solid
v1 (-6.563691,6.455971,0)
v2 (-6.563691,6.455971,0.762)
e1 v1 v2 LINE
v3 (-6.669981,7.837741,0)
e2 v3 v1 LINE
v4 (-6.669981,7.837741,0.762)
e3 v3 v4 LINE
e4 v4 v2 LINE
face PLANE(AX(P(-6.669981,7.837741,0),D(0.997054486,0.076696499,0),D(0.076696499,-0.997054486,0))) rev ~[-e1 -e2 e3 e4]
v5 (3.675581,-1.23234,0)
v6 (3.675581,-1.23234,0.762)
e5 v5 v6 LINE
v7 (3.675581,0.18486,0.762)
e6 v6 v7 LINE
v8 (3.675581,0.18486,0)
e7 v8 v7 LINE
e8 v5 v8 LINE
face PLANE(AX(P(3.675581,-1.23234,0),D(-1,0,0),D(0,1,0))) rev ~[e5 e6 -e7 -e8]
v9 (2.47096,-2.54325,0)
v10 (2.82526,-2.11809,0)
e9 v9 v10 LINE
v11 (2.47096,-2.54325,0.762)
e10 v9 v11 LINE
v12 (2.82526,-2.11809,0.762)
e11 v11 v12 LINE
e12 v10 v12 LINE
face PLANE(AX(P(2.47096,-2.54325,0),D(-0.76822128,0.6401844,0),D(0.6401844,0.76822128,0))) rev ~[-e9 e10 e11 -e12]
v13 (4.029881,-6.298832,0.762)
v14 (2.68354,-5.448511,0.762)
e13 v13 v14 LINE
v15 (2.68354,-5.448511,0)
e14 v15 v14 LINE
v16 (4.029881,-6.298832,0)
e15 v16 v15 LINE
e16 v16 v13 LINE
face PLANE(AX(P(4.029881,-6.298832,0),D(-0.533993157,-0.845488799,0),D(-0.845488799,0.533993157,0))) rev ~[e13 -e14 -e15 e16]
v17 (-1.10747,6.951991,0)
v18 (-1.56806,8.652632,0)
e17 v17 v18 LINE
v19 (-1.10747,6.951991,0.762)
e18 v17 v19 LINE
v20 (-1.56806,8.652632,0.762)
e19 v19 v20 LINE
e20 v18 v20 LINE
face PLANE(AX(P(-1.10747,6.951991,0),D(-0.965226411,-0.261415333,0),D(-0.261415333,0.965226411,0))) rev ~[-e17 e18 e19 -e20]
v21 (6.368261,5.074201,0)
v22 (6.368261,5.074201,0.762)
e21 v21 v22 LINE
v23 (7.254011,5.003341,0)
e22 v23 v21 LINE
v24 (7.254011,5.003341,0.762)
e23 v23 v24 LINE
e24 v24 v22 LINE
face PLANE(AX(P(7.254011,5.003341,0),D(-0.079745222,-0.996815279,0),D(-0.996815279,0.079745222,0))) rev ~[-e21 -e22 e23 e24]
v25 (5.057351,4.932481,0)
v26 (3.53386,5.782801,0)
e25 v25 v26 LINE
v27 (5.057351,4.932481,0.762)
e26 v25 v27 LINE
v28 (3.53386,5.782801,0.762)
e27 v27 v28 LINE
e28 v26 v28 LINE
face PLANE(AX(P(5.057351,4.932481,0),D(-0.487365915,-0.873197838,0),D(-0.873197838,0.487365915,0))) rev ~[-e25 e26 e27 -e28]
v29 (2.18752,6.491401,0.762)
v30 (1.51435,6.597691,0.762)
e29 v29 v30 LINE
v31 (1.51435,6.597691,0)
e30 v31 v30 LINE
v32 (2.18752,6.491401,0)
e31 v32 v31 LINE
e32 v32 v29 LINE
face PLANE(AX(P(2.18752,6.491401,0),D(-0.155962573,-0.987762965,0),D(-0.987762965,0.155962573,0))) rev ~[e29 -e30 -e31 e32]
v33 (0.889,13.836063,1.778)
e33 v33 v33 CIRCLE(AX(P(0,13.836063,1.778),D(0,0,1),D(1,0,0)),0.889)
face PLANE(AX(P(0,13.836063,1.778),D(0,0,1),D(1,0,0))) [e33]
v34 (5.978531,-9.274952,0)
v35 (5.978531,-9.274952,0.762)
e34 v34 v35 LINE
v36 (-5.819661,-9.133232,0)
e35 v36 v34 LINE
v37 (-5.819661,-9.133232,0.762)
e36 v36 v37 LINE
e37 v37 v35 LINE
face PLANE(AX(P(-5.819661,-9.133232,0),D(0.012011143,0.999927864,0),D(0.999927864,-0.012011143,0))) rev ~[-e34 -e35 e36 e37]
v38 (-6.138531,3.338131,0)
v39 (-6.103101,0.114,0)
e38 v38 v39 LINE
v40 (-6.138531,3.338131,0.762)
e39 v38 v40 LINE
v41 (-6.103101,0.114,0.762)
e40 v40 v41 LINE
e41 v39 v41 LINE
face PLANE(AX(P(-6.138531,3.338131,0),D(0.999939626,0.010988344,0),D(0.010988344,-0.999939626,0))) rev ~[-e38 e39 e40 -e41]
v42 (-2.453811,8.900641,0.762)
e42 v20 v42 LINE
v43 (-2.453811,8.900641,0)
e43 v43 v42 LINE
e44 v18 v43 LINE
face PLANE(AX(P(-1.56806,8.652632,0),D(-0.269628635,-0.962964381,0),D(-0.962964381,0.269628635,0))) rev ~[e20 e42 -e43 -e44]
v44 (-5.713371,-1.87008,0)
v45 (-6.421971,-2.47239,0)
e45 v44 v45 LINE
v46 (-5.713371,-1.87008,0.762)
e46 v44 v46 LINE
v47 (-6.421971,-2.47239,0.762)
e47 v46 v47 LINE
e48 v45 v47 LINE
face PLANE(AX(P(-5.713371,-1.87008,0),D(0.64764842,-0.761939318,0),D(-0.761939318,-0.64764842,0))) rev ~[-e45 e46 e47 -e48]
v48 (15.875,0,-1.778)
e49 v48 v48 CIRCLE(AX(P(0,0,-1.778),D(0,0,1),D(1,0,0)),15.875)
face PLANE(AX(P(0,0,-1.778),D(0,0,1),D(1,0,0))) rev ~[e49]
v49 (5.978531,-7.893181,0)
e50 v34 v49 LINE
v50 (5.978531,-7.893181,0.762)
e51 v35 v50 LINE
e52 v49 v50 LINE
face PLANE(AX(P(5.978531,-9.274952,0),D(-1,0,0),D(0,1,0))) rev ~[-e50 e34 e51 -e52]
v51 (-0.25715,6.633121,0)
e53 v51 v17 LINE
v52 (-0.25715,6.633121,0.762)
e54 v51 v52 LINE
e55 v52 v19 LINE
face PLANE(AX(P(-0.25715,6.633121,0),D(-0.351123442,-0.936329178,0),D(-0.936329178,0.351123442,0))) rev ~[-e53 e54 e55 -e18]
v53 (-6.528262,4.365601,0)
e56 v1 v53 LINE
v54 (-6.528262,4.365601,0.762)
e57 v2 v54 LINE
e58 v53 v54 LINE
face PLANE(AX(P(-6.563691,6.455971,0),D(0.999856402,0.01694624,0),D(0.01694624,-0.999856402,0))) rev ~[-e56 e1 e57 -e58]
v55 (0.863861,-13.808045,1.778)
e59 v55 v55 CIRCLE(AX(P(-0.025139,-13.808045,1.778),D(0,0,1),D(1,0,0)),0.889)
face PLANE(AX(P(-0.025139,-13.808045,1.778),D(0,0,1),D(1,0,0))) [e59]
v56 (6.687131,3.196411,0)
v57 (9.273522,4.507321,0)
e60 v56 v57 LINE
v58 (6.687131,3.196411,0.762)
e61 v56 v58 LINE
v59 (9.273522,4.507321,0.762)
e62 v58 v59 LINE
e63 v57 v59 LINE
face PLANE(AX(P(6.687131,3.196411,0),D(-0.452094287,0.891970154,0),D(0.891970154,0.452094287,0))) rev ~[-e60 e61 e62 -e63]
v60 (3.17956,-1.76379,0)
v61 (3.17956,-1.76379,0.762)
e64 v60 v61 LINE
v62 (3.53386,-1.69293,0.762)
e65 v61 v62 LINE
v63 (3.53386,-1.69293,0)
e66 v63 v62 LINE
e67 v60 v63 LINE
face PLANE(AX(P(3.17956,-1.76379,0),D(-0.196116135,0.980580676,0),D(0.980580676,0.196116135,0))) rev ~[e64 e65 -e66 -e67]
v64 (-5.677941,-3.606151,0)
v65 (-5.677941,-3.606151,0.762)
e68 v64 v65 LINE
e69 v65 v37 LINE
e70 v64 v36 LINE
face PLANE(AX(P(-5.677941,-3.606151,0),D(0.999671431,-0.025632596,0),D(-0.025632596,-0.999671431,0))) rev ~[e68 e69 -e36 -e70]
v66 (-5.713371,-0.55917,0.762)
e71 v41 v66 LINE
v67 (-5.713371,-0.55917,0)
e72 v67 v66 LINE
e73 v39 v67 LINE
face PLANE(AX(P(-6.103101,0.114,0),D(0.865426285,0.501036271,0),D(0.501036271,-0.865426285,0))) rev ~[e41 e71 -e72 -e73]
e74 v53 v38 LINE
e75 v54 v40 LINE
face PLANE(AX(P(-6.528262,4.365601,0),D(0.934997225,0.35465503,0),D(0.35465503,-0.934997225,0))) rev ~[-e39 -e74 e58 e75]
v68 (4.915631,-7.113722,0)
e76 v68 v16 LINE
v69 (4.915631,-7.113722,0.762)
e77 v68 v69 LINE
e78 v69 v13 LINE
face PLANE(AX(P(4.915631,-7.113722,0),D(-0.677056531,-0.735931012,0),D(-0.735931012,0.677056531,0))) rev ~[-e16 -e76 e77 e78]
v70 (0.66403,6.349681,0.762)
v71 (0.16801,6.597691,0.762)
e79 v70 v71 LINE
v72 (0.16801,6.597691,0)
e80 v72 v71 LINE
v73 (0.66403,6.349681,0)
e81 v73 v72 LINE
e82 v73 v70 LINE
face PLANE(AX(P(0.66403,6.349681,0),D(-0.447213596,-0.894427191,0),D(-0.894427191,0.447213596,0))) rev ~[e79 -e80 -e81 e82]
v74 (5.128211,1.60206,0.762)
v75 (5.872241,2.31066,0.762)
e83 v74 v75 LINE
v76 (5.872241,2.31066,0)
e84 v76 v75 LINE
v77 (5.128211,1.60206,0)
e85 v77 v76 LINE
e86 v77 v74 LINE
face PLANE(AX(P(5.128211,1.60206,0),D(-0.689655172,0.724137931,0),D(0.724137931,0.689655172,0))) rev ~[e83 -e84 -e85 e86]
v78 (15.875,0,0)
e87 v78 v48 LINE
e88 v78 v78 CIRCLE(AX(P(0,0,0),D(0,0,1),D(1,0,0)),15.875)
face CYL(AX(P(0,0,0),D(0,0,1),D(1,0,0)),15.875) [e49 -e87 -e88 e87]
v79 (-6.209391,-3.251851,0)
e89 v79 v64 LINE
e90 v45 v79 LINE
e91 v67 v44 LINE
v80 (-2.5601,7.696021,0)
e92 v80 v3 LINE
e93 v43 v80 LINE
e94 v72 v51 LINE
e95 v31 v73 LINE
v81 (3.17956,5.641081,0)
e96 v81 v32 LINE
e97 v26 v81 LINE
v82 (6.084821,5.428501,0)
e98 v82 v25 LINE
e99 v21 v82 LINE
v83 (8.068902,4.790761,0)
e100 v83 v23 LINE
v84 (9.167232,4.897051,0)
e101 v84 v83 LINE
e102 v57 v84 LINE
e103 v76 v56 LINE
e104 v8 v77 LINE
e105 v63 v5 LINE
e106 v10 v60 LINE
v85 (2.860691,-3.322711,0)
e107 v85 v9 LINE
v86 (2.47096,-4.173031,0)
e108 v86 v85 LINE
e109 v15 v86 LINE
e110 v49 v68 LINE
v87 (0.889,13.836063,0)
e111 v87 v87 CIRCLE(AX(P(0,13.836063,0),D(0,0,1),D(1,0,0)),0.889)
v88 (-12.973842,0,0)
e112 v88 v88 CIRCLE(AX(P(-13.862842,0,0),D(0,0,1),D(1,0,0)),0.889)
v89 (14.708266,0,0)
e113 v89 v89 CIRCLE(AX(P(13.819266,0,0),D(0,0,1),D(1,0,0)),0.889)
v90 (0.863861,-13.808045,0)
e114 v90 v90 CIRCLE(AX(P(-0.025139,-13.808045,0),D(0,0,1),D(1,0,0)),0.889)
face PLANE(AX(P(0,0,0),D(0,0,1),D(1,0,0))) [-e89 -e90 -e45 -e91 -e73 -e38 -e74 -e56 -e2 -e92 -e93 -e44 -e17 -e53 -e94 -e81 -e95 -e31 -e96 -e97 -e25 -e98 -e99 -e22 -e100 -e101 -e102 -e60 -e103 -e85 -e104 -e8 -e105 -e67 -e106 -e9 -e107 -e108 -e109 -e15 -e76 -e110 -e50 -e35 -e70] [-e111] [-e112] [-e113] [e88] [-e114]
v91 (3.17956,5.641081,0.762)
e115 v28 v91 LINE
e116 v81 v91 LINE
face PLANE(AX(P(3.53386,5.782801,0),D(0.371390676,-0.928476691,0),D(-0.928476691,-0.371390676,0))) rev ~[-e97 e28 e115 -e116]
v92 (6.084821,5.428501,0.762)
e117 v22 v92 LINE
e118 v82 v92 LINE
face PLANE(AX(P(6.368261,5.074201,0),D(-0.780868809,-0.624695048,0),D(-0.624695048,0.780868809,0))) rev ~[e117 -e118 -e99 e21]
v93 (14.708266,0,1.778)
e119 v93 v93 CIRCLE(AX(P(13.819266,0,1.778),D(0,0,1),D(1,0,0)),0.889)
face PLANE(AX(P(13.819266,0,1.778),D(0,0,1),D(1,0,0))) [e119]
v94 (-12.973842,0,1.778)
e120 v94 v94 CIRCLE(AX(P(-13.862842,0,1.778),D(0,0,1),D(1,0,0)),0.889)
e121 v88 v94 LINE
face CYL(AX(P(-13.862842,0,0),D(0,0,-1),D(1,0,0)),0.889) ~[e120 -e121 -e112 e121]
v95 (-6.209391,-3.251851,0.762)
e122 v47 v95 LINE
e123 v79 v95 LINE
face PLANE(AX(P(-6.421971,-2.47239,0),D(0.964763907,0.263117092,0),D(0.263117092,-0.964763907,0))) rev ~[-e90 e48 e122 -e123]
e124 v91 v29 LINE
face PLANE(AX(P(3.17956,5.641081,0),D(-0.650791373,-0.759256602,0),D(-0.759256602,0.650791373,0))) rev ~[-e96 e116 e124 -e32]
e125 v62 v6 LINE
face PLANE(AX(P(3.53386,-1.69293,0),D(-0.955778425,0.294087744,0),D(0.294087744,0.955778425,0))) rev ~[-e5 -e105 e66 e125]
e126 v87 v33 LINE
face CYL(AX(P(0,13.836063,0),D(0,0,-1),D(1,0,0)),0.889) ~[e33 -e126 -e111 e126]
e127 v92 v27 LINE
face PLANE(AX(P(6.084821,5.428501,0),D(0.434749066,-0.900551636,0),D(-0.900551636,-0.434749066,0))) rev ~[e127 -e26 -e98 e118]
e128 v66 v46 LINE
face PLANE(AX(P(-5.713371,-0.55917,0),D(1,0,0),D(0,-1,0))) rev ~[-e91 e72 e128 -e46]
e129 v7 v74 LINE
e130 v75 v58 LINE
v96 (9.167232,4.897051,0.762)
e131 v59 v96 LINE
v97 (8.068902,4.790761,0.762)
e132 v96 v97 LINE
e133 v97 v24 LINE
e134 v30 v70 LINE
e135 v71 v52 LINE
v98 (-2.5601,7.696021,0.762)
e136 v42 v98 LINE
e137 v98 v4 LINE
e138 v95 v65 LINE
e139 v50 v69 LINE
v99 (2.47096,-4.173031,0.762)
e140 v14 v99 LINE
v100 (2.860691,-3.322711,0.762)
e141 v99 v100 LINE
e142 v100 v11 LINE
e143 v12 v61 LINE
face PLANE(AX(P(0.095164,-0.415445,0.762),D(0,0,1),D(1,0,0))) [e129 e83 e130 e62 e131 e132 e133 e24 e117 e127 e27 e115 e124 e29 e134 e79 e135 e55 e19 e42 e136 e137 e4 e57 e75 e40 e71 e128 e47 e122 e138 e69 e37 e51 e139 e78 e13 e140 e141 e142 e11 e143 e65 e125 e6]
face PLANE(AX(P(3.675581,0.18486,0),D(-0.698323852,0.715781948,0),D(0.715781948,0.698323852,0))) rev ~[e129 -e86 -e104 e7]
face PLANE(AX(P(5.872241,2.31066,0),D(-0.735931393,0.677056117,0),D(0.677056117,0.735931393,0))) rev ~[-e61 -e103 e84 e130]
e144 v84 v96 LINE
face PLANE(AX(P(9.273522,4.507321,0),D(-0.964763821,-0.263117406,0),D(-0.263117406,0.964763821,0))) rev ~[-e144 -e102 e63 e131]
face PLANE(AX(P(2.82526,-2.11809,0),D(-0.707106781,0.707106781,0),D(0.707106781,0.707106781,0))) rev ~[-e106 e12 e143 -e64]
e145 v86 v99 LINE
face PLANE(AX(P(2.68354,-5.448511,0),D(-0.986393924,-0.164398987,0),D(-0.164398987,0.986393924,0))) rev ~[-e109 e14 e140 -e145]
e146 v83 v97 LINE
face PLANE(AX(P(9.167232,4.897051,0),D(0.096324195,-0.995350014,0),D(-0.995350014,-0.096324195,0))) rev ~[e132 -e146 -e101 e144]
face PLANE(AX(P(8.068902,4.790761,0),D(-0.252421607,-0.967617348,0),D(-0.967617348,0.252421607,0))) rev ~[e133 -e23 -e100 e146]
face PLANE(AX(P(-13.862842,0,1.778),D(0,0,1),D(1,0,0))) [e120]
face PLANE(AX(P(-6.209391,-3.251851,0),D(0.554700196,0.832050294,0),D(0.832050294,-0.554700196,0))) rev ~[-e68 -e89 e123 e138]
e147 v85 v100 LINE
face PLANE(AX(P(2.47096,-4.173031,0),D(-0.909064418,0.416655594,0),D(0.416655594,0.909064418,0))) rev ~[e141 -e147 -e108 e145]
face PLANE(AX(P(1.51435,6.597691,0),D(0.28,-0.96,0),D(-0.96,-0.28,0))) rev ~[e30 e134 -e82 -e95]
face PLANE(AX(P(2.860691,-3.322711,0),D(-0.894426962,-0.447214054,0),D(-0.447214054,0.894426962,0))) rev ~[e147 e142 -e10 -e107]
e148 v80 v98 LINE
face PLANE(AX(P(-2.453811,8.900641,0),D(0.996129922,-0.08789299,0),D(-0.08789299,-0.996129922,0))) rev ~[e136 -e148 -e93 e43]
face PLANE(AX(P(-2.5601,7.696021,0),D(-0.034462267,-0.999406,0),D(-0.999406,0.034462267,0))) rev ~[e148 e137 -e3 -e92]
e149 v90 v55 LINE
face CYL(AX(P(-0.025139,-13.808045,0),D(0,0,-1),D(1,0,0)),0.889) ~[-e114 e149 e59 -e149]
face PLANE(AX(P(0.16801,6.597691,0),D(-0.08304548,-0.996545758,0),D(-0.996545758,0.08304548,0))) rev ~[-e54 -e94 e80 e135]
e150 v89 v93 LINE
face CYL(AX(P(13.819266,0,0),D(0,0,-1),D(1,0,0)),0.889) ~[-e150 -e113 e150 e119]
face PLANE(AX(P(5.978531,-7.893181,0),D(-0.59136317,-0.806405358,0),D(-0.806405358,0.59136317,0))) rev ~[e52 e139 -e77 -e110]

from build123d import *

# Parameters (mm, degrees)
F0_R     = 15.875
F1_DEPTH = 1.778
F3_R     = 0.889
F4_DEPTH = 1.778
F6_DEPTH = 0.762


with BuildPart() as f1:
    # F0 (on Top) → F1 (new body)
    with BuildSketch(Plane.XY):
        Circle(F0_R)
    extrude(amount=-F1_DEPTH)

    # F3 (on face) → F4 (join)
    with BuildSketch(Plane.XY):
        with Locations((0, 13.836063)):
            Circle(F3_R)
        with Locations((-13.862842, 0)):
            Circle(F3_R)
        with Locations((-0.025139, -13.808045)):
            Circle(F3_R)
        with Locations((13.819266, 0)):
            Circle(F3_R)
    extrude(amount=F4_DEPTH)

    # F5 (on face) → F6 (join)
    with BuildSketch(Plane.XY):
        Polygon((-2.453811, 8.900641), (-2.5601, 7.696021), (-6.669981, 7.837741), (-6.563691, 6.455971), (-6.528262, 4.365601), (-6.138531, 3.338131), (-6.103101, 0.114), (-5.713371, -0.55917), (-5.713371, -1.87008), (-6.421971, -2.47239), (-6.209391, -3.251851), (-5.677941, -3.606151), (-5.819661, -9.133232), (5.978531, -9.274952), (5.978531, -7.893181), (4.915631, -7.113722), (4.029881, -6.298832), (2.68354, -5.448511), (2.47096, -4.173031), (2.860691, -3.322711), (2.47096, -2.54325), (2.82526, -2.11809), (3.17956, -1.76379), (3.53386, -1.69293), (3.675581, -1.23234), (3.675581, 0.18486), (5.128211, 1.60206), (5.872241, 2.31066), (6.687131, 3.196411), (9.273522, 4.507321), (9.167232, 4.897051), (8.068902, 4.790761), (7.254011, 5.003341), (6.368261, 5.074201), (6.084821, 5.428501), (5.057351, 4.932481), (3.53386, 5.782801), (3.17956, 5.641081), (2.18752, 6.491401), (1.51435, 6.597691), (0.66403, 6.349681), (0.16801, 6.597691), (-0.25715, 6.633121), (-1.10747, 6.951991), (-1.56806, 8.652632), align=None)
    extrude(amount=F6_DEPTH)


solid = f1.part
